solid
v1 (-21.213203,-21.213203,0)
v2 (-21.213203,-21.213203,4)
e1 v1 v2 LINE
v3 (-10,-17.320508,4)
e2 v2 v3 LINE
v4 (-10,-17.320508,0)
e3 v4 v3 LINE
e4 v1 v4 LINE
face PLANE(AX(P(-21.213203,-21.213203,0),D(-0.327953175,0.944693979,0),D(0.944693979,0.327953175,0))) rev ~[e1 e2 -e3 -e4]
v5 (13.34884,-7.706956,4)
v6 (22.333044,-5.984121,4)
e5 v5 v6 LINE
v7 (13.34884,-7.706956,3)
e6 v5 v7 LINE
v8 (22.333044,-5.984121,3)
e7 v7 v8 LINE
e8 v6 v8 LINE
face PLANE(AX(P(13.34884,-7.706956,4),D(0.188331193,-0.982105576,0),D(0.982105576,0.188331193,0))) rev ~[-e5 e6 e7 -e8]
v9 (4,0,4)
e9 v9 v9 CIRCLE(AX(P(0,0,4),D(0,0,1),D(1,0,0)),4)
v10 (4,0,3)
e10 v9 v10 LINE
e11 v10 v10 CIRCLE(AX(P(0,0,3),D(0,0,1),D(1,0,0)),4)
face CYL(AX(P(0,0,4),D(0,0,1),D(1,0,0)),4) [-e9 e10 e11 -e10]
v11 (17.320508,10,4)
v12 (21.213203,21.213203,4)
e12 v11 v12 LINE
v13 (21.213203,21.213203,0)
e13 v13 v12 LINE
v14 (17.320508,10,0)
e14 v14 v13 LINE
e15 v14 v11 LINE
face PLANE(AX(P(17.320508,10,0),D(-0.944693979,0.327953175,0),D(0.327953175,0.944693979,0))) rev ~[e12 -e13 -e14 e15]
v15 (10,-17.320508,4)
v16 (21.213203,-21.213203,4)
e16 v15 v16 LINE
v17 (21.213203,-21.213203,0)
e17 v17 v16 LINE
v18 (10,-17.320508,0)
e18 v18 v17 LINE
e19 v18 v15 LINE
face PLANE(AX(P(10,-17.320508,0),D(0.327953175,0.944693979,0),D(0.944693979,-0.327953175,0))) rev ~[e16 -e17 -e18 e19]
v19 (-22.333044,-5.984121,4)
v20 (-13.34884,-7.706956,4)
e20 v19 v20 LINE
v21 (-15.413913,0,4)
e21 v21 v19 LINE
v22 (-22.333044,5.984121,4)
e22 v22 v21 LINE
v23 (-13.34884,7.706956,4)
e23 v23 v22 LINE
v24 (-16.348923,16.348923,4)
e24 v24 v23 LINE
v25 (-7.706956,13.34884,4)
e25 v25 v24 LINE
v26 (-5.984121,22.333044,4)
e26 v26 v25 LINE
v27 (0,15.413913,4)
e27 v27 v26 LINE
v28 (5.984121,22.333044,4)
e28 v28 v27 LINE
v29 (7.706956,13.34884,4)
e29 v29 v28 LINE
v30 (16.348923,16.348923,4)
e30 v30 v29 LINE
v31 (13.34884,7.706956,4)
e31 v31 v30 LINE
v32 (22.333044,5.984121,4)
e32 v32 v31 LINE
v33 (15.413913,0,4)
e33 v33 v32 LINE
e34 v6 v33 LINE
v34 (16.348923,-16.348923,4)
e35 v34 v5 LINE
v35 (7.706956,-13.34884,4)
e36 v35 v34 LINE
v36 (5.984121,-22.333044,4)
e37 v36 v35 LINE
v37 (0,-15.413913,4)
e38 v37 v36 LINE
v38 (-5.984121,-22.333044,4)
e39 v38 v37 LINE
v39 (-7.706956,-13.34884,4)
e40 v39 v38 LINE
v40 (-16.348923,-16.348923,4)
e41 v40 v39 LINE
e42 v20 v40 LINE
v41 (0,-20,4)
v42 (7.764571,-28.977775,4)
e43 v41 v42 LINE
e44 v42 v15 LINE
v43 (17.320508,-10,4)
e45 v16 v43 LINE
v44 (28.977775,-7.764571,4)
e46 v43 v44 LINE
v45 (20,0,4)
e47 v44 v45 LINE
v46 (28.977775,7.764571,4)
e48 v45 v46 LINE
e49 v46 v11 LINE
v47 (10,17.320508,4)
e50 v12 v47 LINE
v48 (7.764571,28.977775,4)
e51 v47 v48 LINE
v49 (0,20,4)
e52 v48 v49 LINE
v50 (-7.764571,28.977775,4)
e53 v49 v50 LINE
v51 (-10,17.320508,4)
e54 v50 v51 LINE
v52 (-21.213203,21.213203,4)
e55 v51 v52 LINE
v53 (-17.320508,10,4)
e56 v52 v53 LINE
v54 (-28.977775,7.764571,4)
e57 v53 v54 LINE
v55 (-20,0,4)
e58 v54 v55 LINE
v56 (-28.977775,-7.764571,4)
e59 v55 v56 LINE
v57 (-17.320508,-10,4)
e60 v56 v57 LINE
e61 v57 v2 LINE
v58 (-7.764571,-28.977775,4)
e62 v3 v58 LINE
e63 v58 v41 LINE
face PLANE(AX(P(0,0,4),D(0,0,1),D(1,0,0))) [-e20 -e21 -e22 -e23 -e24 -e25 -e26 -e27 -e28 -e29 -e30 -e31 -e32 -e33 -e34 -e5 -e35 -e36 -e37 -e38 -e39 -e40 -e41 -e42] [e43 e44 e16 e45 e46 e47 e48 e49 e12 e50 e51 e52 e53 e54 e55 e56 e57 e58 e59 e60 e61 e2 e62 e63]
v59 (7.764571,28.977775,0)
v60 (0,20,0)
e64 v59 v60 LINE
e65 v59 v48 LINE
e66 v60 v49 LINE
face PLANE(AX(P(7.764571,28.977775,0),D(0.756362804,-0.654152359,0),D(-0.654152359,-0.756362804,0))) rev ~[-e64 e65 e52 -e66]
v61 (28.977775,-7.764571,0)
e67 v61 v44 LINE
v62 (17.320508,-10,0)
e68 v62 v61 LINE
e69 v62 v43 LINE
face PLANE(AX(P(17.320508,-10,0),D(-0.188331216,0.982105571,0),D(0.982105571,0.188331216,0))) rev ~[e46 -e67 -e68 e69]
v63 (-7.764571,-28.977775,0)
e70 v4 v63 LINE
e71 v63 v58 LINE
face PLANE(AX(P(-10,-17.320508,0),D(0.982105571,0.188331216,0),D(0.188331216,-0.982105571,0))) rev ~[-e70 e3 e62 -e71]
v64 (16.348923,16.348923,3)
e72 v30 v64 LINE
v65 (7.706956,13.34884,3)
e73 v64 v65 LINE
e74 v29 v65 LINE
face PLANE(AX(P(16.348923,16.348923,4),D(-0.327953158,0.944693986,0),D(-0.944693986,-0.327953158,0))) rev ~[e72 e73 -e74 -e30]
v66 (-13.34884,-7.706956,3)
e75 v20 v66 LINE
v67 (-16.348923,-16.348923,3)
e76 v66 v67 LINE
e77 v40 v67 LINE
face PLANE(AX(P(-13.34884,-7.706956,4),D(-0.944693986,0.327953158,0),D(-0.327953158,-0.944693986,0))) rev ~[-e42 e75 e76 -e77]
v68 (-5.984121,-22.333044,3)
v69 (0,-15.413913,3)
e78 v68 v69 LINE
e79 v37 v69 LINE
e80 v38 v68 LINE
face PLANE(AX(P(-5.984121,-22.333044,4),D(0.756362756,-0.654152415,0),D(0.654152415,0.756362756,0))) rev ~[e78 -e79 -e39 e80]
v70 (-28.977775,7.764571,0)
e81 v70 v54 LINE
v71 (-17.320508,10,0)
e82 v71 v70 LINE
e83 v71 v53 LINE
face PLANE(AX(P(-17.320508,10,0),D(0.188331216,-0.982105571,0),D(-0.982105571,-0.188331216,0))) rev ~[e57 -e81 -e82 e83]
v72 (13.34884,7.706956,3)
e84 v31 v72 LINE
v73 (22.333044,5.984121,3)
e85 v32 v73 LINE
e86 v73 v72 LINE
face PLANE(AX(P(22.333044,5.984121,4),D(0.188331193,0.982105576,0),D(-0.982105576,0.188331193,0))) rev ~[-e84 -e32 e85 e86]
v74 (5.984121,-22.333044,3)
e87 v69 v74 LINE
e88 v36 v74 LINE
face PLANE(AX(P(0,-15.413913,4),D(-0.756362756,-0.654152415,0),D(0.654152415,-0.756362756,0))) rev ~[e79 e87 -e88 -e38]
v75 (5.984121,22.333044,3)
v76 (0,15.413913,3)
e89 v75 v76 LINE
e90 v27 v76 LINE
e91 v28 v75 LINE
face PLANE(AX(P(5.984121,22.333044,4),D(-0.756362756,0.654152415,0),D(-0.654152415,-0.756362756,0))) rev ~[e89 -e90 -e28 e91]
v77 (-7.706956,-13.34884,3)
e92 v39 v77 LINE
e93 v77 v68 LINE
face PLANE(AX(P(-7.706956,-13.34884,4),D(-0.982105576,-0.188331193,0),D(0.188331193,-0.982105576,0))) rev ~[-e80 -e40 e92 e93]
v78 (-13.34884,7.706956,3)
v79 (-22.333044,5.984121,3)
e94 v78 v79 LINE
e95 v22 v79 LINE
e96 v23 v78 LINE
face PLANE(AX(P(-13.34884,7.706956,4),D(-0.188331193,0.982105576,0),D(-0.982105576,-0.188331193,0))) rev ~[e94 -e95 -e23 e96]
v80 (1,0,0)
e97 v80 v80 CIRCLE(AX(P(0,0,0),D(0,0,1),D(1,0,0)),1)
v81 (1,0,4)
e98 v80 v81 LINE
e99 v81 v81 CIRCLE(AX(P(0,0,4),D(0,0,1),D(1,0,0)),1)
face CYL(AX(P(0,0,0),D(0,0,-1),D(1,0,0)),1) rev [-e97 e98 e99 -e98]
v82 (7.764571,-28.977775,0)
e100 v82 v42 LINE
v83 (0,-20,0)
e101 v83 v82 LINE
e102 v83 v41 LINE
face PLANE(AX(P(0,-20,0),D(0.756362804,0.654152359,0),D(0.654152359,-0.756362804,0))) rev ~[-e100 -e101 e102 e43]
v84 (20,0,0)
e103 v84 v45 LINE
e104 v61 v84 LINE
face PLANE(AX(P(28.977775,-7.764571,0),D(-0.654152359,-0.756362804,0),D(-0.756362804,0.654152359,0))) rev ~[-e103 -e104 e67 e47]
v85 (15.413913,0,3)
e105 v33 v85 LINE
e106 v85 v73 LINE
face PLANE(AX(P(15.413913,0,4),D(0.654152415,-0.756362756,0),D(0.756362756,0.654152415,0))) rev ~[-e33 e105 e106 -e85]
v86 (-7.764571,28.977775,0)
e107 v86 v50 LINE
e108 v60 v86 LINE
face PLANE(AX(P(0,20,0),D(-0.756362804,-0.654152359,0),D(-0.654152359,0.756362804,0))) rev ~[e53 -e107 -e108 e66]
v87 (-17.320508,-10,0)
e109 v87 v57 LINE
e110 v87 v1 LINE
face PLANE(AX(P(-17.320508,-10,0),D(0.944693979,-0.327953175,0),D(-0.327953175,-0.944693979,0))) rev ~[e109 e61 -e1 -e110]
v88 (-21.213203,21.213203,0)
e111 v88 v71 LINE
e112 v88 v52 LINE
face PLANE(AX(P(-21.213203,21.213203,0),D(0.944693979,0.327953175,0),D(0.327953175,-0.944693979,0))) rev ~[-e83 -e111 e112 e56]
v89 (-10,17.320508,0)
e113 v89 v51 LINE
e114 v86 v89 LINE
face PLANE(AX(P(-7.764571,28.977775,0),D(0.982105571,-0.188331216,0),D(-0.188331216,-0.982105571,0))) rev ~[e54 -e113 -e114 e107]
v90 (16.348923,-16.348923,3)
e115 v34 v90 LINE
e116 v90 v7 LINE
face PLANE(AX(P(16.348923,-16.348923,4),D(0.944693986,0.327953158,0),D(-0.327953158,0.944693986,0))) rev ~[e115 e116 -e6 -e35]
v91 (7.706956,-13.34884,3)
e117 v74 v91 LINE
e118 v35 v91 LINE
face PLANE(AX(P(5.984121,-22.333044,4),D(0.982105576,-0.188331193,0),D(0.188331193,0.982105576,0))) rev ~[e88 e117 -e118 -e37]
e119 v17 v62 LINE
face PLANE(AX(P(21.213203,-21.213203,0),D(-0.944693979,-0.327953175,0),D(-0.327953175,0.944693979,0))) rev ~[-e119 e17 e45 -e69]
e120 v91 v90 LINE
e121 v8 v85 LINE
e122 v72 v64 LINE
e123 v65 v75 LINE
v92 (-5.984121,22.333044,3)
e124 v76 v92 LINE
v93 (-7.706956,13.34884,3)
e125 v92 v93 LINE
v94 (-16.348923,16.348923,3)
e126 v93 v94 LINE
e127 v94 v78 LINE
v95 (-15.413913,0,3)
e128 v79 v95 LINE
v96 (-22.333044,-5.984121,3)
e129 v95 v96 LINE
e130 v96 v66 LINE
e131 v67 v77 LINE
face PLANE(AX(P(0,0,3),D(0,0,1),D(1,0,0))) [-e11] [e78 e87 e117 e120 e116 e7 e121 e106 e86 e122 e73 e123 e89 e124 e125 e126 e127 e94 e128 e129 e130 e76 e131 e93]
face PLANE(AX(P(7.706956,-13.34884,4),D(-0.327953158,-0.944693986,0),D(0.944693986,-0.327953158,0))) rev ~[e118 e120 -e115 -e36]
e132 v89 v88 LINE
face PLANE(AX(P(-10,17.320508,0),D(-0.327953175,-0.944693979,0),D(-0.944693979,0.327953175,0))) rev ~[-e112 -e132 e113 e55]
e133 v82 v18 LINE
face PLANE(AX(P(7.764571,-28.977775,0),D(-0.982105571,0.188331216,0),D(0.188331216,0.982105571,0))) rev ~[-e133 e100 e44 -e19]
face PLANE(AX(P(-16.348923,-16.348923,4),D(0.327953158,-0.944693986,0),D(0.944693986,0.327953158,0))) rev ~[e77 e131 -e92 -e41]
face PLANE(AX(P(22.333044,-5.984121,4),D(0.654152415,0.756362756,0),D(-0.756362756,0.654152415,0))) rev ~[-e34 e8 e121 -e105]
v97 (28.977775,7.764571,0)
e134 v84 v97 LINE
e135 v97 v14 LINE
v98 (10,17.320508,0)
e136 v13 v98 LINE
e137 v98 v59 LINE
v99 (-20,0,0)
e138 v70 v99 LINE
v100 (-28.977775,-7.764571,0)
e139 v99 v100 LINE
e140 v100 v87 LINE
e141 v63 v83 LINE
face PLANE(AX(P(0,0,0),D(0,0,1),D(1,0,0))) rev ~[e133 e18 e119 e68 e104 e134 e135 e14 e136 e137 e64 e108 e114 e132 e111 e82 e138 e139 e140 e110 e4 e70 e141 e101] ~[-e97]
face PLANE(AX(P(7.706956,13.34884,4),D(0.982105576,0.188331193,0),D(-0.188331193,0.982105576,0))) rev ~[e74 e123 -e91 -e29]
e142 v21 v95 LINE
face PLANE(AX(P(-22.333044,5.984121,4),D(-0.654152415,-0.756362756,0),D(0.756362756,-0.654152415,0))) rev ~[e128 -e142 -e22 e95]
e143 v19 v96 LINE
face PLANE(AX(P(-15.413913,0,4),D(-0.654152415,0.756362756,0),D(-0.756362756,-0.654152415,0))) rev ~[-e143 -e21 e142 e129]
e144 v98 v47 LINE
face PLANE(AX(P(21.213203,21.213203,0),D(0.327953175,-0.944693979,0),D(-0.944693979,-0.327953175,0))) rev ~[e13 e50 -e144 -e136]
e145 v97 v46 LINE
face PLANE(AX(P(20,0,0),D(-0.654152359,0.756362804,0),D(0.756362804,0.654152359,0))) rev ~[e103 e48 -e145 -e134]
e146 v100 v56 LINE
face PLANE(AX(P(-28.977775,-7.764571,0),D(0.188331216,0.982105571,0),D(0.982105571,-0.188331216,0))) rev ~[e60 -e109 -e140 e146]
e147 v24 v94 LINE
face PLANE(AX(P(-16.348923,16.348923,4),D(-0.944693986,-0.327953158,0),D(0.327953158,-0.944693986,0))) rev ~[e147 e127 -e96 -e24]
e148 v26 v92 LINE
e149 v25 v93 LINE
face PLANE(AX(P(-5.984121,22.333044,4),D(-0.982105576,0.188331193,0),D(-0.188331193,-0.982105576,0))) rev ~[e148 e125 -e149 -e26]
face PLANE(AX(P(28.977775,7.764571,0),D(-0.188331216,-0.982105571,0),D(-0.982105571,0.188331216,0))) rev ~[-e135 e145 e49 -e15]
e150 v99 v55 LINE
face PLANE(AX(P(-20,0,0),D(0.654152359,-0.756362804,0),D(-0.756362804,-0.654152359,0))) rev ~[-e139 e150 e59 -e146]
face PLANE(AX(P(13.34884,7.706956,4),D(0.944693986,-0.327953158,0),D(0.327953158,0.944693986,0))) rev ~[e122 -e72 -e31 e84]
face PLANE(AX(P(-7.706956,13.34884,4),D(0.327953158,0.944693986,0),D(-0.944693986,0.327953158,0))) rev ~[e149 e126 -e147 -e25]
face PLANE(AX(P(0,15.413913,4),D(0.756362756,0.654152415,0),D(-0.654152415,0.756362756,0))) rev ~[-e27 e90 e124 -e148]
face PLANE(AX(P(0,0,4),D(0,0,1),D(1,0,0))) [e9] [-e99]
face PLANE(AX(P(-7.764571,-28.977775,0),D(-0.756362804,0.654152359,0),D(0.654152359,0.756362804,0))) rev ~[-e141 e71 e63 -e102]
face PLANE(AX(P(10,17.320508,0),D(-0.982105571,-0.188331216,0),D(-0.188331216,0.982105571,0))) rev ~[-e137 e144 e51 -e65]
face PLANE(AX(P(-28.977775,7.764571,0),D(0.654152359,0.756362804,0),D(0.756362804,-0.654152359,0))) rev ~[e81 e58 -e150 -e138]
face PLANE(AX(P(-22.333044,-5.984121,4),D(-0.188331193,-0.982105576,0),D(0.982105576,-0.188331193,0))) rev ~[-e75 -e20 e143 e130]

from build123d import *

# Parameters (mm, degrees)
F0_R     = 1
F1_DEPTH = 4
F2_R     = 4
F3_DEPTH = 1


with BuildPart() as f1:
    # F0 (on Top) → F1 (new body)
    with BuildSketch(Plane.XY):
        Polygon((7.764571, 28.977775), (0, 20), (-7.764571, 28.977775), (-10, 17.320508), (-21.213203, 21.213203), (-17.320508, 10), (-28.977775, 7.764571), (-20, 0), (-28.977775, -7.764571), (-17.320508, -10), (-21.213203, -21.213203), (-10, -17.320508), (-7.764571, -28.977775), (0, -20), (7.764571, -28.977775), (10, -17.320508), (21.213203, -21.213203), (17.320508, -10), (28.977775, -7.764571), (20, 0), (28.977775, 7.764571), (17.320508, 10), (21.213203, 21.213203), (10, 17.320508), align=None)
        Circle(F0_R, mode=Mode.SUBTRACT)
    extrude(amount=F1_DEPTH)

    # F2 (on face) → F3 (cut)
    with BuildSketch(Plane.XY.offset(4)):
        Polygon((-13.34884, -7.706956), (-16.348923, -16.348923), (-7.706956, -13.34884), (-5.984121, -22.333044), (0, -15.413913), (5.984121, -22.333044), (7.706956, -13.34884), (16.348923, -16.348923), (13.34884, -7.706956), (22.333044, -5.984121), (15.413913, 0), (22.333044, 5.984121), (13.34884, 7.706956), (16.348923, 16.348923), (7.706956, 13.34884), (5.984121, 22.333044), (0, 15.413913), (-5.984121, 22.333044), (-7.706956, 13.34884), (-16.348923, 16.348923), (-13.34884, 7.706956), (-22.333044, 5.984121), (-15.413913, 0), (-22.333044, -5.984121), align=None)
        Circle(F2_R, mode=Mode.SUBTRACT)
    extrude(amount=-F3_DEPTH, mode=Mode.SUBTRACT)


solid = f1.part
